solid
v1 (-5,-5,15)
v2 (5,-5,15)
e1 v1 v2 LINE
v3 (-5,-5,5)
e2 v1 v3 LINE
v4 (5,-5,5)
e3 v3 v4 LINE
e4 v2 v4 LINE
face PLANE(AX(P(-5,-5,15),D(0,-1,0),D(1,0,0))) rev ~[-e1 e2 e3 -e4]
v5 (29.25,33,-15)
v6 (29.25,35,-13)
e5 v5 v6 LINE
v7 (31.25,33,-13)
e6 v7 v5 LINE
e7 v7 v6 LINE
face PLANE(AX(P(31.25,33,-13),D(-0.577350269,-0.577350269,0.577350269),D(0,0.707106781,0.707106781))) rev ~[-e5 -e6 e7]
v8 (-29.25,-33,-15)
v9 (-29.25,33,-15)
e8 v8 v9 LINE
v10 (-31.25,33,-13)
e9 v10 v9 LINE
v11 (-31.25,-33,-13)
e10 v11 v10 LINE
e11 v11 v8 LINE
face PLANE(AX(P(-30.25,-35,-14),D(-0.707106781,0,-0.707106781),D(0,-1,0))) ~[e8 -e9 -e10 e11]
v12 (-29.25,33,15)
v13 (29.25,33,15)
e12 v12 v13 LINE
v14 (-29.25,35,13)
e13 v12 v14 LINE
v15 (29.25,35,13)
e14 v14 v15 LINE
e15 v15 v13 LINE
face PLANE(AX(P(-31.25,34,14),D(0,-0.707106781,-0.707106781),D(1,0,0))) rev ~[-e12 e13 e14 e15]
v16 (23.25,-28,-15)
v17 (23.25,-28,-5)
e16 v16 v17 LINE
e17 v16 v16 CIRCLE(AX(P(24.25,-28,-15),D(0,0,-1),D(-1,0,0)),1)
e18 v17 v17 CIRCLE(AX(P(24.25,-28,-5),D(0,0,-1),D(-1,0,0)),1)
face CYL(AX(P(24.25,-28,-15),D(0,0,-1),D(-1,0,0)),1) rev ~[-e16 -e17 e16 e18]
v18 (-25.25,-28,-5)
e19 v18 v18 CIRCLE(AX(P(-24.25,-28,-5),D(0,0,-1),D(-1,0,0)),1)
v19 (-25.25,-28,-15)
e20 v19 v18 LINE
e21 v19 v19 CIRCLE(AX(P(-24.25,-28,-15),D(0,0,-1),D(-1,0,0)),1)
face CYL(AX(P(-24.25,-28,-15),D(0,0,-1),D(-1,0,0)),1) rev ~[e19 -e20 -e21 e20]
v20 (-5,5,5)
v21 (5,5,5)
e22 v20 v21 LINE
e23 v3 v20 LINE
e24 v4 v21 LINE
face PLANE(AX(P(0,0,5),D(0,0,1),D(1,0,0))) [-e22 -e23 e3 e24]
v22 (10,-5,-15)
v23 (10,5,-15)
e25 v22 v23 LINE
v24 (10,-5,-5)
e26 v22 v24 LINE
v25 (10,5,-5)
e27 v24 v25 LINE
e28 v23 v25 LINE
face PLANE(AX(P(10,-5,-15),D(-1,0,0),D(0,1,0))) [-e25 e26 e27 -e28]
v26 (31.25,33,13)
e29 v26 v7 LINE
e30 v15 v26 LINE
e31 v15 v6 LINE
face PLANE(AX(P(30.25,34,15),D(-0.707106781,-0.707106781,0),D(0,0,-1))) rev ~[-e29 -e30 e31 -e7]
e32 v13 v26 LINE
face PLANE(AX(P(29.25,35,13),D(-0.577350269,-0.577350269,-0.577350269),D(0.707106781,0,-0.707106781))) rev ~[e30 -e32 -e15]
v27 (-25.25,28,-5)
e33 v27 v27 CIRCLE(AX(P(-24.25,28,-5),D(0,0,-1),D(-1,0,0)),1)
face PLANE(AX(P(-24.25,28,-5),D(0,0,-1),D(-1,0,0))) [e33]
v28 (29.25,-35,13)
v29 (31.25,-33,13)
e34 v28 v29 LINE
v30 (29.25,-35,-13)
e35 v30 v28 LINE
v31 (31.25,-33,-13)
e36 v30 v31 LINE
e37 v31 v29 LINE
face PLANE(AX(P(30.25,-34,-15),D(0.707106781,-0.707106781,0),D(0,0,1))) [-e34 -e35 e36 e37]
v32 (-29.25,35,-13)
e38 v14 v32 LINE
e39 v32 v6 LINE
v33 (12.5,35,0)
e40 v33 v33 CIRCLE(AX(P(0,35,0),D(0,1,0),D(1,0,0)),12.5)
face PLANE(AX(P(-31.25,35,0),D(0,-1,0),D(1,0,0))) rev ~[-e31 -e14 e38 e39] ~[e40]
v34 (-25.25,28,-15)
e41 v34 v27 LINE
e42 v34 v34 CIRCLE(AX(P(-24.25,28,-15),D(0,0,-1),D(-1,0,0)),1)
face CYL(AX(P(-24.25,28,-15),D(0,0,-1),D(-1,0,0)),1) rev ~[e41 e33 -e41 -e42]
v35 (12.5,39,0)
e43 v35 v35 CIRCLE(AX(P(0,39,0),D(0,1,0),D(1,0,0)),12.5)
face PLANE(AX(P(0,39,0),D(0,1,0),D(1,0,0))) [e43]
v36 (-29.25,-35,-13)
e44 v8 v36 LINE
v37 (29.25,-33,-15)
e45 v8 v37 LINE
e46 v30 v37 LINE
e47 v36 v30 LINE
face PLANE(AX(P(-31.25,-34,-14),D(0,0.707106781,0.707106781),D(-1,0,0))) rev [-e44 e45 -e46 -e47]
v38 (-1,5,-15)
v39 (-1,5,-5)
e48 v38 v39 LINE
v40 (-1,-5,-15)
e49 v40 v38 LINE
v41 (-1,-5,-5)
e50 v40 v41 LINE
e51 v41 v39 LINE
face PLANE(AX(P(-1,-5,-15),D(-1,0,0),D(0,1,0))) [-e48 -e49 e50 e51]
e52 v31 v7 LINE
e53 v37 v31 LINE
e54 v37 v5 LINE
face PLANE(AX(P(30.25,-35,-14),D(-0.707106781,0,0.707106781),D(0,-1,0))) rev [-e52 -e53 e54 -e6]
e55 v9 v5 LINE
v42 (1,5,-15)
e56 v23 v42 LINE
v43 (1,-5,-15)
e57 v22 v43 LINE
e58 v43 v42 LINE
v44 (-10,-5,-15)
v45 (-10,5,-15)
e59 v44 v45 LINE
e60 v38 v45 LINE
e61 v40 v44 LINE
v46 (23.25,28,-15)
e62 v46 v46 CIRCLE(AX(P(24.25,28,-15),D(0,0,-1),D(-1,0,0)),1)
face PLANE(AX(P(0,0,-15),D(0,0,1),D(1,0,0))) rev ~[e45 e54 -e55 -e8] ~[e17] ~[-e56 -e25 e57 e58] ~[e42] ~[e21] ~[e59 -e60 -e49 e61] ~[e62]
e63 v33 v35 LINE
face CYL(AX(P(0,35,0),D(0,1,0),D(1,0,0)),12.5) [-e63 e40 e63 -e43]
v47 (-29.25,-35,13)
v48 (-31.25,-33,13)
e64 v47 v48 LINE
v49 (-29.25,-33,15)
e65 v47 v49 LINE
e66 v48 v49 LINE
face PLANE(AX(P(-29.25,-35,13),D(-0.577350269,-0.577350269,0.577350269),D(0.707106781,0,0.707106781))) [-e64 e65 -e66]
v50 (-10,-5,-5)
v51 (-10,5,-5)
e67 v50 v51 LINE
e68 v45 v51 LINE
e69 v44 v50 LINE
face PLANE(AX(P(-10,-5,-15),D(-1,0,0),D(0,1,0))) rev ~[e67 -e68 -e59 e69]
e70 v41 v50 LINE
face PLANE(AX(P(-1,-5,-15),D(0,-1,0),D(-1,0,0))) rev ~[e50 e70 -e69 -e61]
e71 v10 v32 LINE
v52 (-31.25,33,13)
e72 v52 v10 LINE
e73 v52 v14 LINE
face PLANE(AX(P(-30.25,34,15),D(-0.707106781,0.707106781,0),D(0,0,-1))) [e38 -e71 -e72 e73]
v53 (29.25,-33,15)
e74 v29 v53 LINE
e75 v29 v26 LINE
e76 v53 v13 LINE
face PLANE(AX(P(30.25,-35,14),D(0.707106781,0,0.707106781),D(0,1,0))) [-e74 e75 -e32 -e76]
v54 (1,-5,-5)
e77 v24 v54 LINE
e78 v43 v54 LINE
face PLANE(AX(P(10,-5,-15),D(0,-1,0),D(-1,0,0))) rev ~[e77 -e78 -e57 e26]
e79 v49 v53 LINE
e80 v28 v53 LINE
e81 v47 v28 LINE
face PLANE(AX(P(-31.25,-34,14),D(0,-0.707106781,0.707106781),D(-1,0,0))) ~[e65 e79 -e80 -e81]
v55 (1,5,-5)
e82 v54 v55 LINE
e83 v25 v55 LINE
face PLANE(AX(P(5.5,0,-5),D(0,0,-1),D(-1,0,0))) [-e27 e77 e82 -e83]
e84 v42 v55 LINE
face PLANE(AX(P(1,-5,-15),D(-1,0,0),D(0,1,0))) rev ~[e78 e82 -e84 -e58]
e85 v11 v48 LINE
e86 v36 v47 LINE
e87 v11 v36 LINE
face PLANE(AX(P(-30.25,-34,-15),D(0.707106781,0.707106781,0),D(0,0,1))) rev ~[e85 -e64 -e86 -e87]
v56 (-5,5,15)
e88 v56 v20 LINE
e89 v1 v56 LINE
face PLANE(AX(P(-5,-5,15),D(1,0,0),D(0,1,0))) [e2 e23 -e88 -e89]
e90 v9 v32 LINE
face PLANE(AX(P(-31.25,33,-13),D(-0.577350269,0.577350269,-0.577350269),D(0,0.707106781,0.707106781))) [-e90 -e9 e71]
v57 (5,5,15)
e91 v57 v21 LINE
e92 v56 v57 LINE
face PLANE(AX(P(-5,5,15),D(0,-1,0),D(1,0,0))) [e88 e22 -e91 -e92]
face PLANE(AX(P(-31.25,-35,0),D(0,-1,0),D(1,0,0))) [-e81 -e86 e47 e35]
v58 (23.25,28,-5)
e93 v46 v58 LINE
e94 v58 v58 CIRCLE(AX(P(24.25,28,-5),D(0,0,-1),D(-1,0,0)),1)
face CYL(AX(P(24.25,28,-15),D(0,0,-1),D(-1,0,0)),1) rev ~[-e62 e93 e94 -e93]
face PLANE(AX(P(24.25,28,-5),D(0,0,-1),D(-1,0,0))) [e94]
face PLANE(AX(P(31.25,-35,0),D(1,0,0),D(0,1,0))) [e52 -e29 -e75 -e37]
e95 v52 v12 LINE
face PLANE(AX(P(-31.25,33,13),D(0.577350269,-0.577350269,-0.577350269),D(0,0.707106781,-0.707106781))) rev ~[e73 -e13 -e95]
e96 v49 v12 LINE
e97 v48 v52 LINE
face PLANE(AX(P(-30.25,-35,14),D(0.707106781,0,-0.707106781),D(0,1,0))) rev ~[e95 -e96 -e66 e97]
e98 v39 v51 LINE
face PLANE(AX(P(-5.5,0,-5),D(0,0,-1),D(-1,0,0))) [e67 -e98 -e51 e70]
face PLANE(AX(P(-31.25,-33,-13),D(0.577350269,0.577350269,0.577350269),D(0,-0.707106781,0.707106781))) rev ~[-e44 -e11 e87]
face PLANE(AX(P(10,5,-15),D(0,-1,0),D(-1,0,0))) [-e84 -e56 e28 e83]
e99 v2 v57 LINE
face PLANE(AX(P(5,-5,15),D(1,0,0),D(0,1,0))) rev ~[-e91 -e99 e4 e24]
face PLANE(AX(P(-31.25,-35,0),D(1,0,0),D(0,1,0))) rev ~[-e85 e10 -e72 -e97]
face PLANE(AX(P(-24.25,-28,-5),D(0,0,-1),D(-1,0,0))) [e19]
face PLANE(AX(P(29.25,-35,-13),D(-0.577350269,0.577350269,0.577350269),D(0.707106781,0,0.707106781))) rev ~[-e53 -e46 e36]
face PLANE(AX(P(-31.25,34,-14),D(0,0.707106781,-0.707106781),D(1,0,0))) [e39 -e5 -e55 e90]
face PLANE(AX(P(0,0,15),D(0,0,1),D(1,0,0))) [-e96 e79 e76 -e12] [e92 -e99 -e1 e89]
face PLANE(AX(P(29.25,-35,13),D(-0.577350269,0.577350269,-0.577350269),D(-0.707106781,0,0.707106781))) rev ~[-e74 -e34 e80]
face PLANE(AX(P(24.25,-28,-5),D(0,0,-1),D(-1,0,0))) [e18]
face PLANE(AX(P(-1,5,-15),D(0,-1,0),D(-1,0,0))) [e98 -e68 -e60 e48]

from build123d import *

# Parameters (mm, degrees)
SKETCH1_W           = 62.5
SKETCH1_H           = 70
BOSS_EXTRUDE1_DEPTH = 15
SKETCH2_R           = 12.5
BOSS_EXTRUDE2_DEPTH = 4
CHAMFER1_SIZE       = 2
SKETCH3_R           = 1
CUT_EXTRUDE1_DEPTH  = 10
SKETCH4_W           = 10
SKETCH4_H           = 10
CUT_EXTRUDE2_DEPTH  = 10
SKETCH5_W           = 9
SKETCH5_H           = 10
CUT_EXTRUDE3_DEPTH  = 10


with BuildPart() as part:
    # Sketch1 → Boss-Extrude1 (new, symmetric)
    with BuildSketch(Plane.XY):
        Rectangle(SKETCH1_W, SKETCH1_H)
    extrude(amount=BOSS_EXTRUDE1_DEPTH, both=True)

    # Sketch2 → Boss-Extrude2 (add, symmetric)
    with BuildSketch(Plane(origin=(0, 35, 0), x_dir=(1, 0, 0), z_dir=(0, 1, 0))):
        Circle(SKETCH2_R)
    extrude(amount=BOSS_EXTRUDE2_DEPTH, both=True)

    # Chamfer1
    chamfer1_edges = [part.edges().sort_by_distance(p)[0] for p in [
        (31.25, 0, 15),
        (0, 35, 15),
        (-31.25, 0, 15),
        (0, 35, -15),
        (31.25, 0, -15),
        (0, -35, -15),
        (-31.25, 0, -15),
        (-31.25, 35, 0),
        (31.25, 35, 0),
        (31.25, -35, 0),
        (-31.25, -35, 0),
        (0, -35, 15),
    ]]
    chamfer(chamfer1_edges, length=CHAMFER1_SIZE)

    # Sketch3 → Cut-Extrude1 (cut)
    with BuildSketch(Plane(origin=(0, 0, -15), x_dir=(-1, 0, 0), z_dir=(0, 0, -1))):
        with Locations((-24.25, 28)):
            Circle(SKETCH3_R)
        with Locations((24.25, 28)):
            Circle(SKETCH3_R)
        with Locations((-24.25, -28)):
            Circle(SKETCH3_R)
        with Locations((24.25, -28)):
            Circle(SKETCH3_R)
    extrude(amount=-CUT_EXTRUDE1_DEPTH, mode=Mode.SUBTRACT)

    # Sketch4 → Cut-Extrude2 (cut)
    with BuildSketch(Plane.XY.offset(15)):
        Rectangle(SKETCH4_W, SKETCH4_H)
    extrude(amount=-CUT_EXTRUDE2_DEPTH, mode=Mode.SUBTRACT)

    # Sketch5 → Cut-Extrude3 (cut)
    with BuildSketch(Plane(origin=(0, 0, -15), x_dir=(-1, 0, 0), z_dir=(0, 0, -1))):
        with Locations((5.5, 0)):
            Rectangle(SKETCH5_W, SKETCH5_H)
        with Locations((-5.5, 0)):
            Rectangle(SKETCH5_W, SKETCH5_H)
    extrude(amount=-CUT_EXTRUDE3_DEPTH, mode=Mode.SUBTRACT)


solid = part.part
